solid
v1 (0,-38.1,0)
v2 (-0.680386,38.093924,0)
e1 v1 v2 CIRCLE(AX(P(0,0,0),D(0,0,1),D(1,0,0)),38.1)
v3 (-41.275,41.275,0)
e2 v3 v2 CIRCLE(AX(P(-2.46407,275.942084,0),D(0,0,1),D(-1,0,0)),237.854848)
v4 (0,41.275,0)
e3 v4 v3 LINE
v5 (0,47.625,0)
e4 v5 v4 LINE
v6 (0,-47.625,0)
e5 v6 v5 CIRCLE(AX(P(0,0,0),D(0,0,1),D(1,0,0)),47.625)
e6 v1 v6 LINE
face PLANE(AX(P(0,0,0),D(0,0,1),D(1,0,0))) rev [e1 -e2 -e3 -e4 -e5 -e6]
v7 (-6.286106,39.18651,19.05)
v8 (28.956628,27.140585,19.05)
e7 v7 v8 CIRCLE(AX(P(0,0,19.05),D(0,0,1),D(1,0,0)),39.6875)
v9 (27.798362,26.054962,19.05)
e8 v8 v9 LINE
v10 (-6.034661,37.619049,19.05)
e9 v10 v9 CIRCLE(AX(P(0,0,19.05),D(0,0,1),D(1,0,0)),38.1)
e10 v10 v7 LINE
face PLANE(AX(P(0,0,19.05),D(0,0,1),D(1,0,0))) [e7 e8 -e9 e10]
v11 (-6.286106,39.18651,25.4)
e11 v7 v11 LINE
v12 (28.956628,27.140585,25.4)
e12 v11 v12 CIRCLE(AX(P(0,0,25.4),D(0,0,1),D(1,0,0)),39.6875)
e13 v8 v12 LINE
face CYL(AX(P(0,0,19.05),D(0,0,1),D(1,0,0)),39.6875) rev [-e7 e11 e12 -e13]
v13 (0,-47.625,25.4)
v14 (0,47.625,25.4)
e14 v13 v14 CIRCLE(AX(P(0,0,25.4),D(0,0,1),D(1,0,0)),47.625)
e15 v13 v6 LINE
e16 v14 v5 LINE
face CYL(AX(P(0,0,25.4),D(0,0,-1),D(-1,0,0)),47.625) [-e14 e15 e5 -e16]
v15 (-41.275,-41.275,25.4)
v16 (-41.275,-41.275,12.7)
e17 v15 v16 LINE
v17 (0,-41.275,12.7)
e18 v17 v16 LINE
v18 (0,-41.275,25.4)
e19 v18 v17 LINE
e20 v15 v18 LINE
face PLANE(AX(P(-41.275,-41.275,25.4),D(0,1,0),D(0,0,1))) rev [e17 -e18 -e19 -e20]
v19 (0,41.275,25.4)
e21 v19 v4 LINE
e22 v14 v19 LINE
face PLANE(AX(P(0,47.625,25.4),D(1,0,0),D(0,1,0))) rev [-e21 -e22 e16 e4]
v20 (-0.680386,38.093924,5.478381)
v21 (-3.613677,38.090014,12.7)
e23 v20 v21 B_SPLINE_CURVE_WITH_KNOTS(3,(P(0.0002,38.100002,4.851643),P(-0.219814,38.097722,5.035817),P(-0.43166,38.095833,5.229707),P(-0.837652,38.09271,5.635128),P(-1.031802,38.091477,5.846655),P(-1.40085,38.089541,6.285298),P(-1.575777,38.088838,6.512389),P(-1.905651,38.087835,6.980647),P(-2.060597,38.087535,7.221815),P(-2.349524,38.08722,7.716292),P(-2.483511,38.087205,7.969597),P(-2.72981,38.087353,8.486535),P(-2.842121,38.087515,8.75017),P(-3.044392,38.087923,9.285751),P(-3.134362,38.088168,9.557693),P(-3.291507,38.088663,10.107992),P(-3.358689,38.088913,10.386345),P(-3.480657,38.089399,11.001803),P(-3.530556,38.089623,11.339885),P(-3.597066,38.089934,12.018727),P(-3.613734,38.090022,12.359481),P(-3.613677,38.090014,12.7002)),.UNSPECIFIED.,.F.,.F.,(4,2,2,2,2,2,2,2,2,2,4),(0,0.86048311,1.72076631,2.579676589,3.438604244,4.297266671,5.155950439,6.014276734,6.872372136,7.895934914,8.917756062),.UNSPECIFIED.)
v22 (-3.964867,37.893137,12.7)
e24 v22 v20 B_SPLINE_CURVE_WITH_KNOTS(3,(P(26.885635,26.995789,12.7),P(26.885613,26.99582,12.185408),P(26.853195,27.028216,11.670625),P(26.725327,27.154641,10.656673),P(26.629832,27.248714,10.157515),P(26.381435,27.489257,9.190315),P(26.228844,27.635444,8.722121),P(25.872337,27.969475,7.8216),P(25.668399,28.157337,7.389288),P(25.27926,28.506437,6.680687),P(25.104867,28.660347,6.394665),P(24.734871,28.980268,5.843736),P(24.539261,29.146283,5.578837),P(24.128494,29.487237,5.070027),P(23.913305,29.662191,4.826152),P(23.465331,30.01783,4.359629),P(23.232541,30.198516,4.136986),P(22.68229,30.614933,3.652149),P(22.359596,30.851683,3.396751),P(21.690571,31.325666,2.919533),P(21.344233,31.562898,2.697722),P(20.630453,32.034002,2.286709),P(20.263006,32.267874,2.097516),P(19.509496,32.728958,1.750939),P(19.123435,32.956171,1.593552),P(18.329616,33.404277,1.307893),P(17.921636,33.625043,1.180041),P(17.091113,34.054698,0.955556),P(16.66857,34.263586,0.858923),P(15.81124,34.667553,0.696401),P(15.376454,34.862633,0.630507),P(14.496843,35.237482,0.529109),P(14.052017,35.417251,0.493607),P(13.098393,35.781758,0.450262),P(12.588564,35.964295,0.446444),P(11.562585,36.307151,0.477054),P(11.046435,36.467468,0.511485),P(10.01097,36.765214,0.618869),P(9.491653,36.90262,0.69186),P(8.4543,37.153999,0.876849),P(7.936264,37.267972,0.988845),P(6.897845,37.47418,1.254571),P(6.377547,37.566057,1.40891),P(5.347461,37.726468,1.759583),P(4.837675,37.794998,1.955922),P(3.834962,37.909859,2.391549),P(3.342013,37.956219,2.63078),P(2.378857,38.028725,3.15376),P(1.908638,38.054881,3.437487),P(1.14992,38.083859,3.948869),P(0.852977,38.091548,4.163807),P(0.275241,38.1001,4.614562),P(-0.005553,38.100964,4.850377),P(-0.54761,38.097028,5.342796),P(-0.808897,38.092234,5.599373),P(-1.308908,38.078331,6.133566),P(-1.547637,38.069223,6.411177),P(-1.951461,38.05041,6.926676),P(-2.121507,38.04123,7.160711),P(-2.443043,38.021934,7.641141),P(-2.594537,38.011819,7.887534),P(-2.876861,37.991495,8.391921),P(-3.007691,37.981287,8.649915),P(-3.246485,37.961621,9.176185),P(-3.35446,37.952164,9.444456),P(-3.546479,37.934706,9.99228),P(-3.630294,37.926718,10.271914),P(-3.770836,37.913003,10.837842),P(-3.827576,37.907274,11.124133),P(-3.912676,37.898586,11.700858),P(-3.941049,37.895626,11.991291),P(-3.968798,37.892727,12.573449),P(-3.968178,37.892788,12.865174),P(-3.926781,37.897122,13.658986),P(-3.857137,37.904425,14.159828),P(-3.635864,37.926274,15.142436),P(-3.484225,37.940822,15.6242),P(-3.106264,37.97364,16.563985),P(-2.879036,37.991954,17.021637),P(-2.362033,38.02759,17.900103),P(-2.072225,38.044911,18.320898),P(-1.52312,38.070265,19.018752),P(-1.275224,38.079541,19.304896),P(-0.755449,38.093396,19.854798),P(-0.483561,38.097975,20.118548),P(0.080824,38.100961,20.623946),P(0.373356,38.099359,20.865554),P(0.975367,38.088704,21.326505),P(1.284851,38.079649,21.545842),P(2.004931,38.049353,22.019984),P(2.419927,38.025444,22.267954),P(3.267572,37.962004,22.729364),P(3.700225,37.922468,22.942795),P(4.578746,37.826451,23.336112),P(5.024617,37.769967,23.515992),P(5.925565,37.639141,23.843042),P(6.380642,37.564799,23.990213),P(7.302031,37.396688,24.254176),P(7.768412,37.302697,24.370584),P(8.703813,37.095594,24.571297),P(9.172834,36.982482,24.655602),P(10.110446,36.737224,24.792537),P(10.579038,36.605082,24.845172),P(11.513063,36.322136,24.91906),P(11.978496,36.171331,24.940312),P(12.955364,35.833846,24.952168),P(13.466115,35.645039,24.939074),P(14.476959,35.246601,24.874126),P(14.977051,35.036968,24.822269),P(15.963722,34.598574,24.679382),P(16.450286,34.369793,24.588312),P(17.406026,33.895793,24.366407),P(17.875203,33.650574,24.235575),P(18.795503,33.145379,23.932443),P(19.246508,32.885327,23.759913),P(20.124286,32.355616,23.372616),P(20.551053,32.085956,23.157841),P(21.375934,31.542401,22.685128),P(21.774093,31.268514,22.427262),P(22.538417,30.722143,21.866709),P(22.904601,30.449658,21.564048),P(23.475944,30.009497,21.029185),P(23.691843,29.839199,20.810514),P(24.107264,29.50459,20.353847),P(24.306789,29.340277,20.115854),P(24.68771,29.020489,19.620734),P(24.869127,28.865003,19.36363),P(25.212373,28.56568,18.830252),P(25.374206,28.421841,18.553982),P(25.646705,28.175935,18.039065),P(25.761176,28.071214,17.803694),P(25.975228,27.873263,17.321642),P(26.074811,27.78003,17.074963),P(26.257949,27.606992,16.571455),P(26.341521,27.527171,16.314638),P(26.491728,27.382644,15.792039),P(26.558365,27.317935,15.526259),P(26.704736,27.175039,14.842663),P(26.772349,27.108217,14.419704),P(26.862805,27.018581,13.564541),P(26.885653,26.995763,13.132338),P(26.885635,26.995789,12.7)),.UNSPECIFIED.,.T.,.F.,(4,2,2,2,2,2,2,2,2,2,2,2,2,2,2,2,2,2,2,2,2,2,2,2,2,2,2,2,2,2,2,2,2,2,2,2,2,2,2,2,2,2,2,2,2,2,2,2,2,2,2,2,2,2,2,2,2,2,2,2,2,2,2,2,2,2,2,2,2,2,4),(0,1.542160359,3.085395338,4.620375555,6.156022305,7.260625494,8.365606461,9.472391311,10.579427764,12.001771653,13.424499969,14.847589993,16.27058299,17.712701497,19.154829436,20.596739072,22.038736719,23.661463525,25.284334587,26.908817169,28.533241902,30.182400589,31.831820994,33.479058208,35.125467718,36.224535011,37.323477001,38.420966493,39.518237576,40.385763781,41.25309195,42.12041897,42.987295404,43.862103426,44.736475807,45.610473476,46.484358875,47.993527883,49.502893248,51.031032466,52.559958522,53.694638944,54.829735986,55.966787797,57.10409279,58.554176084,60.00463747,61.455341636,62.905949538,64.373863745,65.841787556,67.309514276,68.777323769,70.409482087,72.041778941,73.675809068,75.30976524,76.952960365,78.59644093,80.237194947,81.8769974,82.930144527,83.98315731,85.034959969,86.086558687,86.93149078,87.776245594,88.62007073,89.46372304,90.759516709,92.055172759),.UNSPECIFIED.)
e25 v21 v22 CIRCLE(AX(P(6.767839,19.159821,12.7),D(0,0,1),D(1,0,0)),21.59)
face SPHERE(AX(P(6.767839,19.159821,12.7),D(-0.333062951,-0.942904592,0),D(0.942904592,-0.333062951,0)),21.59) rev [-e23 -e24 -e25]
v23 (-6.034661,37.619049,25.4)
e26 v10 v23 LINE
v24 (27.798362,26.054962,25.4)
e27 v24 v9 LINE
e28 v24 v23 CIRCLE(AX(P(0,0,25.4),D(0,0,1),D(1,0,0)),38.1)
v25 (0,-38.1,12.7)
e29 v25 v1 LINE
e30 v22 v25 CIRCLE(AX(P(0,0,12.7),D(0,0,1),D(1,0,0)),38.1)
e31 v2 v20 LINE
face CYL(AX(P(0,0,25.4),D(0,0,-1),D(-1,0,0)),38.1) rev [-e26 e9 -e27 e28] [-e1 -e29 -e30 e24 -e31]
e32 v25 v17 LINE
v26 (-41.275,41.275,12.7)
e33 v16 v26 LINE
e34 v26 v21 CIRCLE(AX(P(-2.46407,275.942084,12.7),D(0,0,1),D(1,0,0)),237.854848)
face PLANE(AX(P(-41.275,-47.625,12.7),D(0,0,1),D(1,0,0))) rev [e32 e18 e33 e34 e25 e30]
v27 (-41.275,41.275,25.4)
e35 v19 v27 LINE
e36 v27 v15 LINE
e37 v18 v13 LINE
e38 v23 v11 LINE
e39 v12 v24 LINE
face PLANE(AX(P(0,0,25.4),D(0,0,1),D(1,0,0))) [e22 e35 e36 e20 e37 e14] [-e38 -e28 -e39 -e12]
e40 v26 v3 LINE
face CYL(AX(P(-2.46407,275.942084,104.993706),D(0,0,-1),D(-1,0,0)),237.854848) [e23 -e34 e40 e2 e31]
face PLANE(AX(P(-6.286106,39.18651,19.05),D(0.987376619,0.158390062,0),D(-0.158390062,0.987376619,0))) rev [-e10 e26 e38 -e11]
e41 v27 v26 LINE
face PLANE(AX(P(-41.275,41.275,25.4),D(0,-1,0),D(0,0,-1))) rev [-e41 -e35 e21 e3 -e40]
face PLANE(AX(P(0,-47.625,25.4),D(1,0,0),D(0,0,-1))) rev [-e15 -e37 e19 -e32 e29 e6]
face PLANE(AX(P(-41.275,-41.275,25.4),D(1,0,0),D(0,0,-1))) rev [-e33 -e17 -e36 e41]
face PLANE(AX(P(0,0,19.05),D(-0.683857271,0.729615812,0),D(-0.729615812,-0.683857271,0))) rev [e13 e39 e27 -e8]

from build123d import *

# Parameters (mm, degrees)
SKETCH1_R           = 38.1
BOSS_EXTRUDE1_DEPTH = 25.4
CUT_EXTRUDE1_DEPTH  = 6.35
CUT_EXTRUDE2_START  = -12.7
CUT_EXTRUDE2_DEPTH  = 12.7


with BuildPart() as part:
    # Sketch1 → Boss-Extrude1 (new body)
    with BuildSketch(Plane.XY):
        with BuildLine():
            Line((-41.275, -41.275), (-41.275, 41.275))
            Line((-41.275, 41.275), (0, 41.275))
            Line((0, 41.275), (0, 47.625))
            ThreePointArc((0, 47.625), (47.625, 0), (0, -47.625))
            Line((0, -47.625), (0, -41.275))
            Line((0, -41.275), (-41.275, -41.275))
        make_face()
        Circle(SKETCH1_R, mode=Mode.SUBTRACT)
    extrude(amount=BOSS_EXTRUDE1_DEPTH)

    # Sketch5 → Cut-Revolve3 (revolve, cut)
    with BuildSketch(Plane(origin=(0, 0, 12.7), x_dir=(-1, 0, 0), z_dir=(0, 0, -1))):
        with BuildLine():
            Line((0.422989948, -1.197488832), (-13.958668291, 39.517131469))
            ThreePointArc((-13.958668291, 39.517131469), (-27.125149322, 11.968992199), (0.422989948, -1.197488832))
        make_face()
    revolve(axis=Axis((-0.422989948, -1.197488832, 12.7), (0.333062951, 0.942904592, 0)), mode=Mode.SUBTRACT)

    # Sketch2 → Cut-Extrude1 (cut)
    with BuildSketch(Plane.XY.offset(25.4)):
        with BuildLine():
            Line((-6.286105585, 39.186509577), (0, 0))
            Line((0, 0), (28.956627522, 27.140585455))
            ThreePointArc((28.956627522, 27.140585455), (-12.836051309, -37.55440644), (-6.286105585, 39.186509577))
        make_face()
    extrude(amount=-CUT_EXTRUDE1_DEPTH, mode=Mode.SUBTRACT)

    # Sketch4 → Cut-Extrude2 (cut)
    with BuildSketch(Plane(origin=(0, 0, 0), x_dir=(-1, 0, 0), z_dir=(0, 0, -1)).offset(CUT_EXTRUDE2_START)):
        with BuildLine():
            Line((0, 38.1), (0, -41.275))
            Line((0, -41.275), (41.275, -41.275))
            Line((41.275, -41.275), (41.275, 41.275))
            ThreePointArc((41.275, 41.275), (20.706704521, 38.787841223), (0, 38.1))
        make_face()
    extrude(amount=CUT_EXTRUDE2_DEPTH, mode=Mode.SUBTRACT)


solid = part.part
